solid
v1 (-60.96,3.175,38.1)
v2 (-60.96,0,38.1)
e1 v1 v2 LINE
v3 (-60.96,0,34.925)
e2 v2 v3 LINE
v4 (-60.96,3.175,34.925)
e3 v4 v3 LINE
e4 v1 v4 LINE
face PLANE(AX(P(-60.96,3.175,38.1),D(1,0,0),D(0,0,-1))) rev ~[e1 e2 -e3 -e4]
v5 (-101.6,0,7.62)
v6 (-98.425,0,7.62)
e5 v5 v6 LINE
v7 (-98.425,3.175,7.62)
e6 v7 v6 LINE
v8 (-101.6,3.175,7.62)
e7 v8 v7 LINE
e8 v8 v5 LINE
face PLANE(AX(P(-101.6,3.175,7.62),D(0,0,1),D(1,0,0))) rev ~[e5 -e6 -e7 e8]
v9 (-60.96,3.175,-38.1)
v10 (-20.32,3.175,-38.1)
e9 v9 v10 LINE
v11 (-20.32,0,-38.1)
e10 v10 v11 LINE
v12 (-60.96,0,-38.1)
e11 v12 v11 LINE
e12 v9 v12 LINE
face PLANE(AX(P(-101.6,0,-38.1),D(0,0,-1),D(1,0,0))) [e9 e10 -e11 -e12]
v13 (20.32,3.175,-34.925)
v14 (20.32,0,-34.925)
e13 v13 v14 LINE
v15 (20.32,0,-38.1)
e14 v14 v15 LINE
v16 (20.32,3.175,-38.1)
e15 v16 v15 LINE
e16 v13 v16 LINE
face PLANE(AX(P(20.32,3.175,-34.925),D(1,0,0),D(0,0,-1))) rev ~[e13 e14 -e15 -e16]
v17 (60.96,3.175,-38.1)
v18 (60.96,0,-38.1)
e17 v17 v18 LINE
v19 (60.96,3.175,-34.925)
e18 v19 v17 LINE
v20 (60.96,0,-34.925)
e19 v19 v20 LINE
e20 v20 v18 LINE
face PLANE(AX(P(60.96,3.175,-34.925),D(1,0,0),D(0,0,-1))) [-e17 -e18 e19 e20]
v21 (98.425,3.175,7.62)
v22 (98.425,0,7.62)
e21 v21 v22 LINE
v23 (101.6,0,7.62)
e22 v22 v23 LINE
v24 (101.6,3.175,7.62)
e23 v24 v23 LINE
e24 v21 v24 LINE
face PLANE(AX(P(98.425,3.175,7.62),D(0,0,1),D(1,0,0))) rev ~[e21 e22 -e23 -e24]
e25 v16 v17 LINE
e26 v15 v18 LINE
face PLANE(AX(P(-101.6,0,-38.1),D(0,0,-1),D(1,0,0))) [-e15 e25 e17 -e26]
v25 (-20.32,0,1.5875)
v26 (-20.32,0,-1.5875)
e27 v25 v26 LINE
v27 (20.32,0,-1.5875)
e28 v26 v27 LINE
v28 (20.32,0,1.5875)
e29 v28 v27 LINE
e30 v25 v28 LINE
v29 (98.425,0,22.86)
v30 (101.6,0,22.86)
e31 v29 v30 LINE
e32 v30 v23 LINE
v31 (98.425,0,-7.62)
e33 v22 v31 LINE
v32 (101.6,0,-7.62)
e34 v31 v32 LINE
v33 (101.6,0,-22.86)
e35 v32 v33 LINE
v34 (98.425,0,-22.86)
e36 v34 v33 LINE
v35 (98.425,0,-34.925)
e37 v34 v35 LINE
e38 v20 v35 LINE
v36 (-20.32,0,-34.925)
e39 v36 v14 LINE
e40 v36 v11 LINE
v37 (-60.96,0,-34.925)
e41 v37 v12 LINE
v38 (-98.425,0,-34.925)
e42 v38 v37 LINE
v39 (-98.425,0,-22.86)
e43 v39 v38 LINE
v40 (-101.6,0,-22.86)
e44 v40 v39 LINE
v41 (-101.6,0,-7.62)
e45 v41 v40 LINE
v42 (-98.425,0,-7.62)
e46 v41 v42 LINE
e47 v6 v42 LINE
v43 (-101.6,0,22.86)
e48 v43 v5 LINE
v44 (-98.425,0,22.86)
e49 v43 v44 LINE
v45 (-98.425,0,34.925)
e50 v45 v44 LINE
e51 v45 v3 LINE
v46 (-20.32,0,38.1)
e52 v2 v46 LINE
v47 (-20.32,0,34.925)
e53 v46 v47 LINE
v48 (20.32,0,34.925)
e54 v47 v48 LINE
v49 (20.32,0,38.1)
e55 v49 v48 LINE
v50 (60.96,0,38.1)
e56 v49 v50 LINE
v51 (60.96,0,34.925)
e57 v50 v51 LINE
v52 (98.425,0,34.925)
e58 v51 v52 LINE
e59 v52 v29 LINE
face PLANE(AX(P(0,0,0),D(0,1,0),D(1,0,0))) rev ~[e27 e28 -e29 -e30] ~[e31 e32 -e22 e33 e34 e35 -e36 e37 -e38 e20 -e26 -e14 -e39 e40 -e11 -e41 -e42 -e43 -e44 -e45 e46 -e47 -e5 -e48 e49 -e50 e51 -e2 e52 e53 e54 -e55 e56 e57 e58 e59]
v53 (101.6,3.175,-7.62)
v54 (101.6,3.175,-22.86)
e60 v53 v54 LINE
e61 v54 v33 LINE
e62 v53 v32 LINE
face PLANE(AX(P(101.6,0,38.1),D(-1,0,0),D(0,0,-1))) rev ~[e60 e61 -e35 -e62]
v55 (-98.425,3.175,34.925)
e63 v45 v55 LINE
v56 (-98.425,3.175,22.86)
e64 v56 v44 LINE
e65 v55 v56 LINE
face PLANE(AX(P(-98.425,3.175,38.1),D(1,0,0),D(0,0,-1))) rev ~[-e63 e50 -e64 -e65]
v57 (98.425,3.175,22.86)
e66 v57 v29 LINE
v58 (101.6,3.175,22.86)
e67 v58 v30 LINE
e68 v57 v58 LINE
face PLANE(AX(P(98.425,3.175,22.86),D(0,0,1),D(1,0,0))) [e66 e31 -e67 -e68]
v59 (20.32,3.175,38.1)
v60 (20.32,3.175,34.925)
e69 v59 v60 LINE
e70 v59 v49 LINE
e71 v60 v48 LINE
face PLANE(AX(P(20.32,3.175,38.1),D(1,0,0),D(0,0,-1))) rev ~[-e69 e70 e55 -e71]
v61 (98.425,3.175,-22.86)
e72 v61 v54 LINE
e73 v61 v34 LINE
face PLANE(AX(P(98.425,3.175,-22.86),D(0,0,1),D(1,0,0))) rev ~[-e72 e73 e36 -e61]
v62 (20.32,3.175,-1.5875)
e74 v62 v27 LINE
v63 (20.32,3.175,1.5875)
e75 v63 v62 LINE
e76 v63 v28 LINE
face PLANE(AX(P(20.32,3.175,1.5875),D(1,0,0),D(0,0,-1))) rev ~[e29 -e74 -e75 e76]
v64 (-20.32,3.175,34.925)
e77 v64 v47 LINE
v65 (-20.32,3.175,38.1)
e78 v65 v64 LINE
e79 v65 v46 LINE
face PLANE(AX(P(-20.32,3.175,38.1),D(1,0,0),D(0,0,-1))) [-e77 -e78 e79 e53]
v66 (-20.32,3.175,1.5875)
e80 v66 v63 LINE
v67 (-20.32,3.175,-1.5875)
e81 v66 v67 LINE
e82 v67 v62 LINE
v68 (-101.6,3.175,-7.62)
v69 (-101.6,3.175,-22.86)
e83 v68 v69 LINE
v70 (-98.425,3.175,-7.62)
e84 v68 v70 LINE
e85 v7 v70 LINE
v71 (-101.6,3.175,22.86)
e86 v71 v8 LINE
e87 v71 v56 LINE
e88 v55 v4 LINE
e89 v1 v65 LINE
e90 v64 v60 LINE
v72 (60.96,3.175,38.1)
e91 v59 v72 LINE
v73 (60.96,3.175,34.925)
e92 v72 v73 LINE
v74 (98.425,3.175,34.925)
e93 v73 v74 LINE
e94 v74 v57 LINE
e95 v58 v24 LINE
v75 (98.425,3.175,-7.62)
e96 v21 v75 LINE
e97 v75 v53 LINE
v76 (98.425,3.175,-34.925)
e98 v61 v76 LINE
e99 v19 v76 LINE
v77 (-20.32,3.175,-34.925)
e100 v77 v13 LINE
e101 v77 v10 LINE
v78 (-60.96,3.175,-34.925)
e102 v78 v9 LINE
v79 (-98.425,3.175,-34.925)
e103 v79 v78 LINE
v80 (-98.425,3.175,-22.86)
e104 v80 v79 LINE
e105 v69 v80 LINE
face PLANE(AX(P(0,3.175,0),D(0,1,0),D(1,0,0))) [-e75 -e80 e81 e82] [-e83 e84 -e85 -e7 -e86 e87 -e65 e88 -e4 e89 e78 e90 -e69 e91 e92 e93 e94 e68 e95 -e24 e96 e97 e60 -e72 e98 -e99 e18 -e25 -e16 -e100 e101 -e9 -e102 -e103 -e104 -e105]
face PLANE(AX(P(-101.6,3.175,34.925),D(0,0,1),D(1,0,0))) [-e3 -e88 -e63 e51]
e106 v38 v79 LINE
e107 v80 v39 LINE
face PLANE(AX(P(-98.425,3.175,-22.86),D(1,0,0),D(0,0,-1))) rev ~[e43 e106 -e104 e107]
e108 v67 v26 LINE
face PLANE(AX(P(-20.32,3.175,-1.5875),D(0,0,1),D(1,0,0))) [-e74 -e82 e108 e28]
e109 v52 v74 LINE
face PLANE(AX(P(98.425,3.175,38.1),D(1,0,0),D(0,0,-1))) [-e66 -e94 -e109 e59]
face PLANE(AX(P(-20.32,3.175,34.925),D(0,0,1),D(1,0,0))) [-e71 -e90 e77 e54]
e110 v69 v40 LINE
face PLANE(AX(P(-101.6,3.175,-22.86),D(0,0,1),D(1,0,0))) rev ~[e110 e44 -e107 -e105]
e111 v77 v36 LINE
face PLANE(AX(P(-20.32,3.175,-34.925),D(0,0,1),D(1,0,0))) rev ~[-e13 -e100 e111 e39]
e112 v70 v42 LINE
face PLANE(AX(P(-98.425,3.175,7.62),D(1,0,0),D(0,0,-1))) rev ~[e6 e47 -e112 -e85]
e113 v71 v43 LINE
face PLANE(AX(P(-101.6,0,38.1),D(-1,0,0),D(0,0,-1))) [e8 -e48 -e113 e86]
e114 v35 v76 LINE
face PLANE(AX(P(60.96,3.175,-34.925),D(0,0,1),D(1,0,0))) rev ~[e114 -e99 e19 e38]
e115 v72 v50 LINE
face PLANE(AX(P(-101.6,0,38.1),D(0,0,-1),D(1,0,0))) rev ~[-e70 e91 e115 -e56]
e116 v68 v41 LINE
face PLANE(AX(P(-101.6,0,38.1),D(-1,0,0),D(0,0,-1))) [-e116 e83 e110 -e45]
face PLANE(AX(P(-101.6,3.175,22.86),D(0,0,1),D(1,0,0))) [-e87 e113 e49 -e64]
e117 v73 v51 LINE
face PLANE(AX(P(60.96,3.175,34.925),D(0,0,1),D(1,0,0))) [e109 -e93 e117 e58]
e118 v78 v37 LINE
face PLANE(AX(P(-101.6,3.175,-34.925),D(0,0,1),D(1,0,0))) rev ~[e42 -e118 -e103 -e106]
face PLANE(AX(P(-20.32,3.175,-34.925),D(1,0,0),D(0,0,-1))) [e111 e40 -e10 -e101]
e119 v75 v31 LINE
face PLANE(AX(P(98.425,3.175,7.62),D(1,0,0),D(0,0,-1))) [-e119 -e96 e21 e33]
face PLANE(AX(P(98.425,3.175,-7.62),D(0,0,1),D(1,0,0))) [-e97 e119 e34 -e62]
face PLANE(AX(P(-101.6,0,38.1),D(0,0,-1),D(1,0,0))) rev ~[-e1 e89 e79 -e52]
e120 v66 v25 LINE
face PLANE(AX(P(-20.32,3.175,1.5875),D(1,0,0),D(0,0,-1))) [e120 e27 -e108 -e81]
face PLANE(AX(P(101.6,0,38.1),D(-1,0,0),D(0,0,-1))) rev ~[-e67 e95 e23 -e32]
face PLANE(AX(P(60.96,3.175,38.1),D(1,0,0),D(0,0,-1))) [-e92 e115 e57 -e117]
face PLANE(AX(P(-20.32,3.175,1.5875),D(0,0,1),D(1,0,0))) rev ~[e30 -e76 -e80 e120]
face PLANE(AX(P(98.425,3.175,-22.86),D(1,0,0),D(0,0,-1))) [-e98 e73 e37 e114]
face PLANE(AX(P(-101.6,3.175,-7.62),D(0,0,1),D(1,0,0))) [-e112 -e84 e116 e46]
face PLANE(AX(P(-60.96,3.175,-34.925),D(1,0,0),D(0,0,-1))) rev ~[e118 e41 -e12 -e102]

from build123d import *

# Parameters (mm, degrees)
SKETCH1_W           = 203.2
SKETCH1_H           = 76.2
BOSS_EXTRUDE1_DEPTH = 3.175
SKETCH2_W           = 40.64
SKETCH2_H           = 3.175
CUT_EXTRUDE1_DEPTH  = 3.175
LPATTERN1_COUNT     = 3
LPATTERN1_PITCH     = 81.28
SKETCH3_W           = 3.175
SKETCH3_H           = 15.24
CUT_EXTRUDE2_DEPTH  = 3.175
LPATTERN2_COUNT     = 3
LPATTERN2_PITCH     = 30.48
SKETCH4_W           = 40.64
SKETCH4_H           = 3.175
CUT_EXTRUDE3_DEPTH  = 3.175


with BuildPart() as part:
    # Sketch1 → Boss-Extrude1 (new body)
    with BuildSketch(Plane(origin=(0, 0, 0), x_dir=(1, 0, 0), z_dir=(0, 1, 0))):
        Rectangle(SKETCH1_W, SKETCH1_H)
    extrude(amount=BOSS_EXTRUDE1_DEPTH)

    # Sketch2 → Cut-Extrude1 (cut)
    with BuildSketch(Plane(origin=(0, 3.175, 0), x_dir=(1, 0, 0), z_dir=(0, 1, 0))):
        with Locations((-81.28, 36.5125)):
            Rectangle(SKETCH2_W, SKETCH2_H)
        with Locations((-81.28, -36.5125)):
            Rectangle(SKETCH2_W, SKETCH2_H)
    cut_extrude1 = extrude(amount=-CUT_EXTRUDE1_DEPTH, mode=Mode.SUBTRACT)

    # LPattern1: Cut-Extrude1 ×3
    with Locations(*[(i * LPATTERN1_PITCH, 0, 0) for i in range(1, LPATTERN1_COUNT)]):
        add(cut_extrude1, mode=Mode.SUBTRACT)

    # Sketch3 → Cut-Extrude2 (cut)
    with BuildSketch(Plane(origin=(0, 3.175, 0), x_dir=(1, 0, 0), z_dir=(0, 1, 0))):
        with Locations((100.0125, 30.48)):
            Rectangle(SKETCH3_W, SKETCH3_H)
        with Locations((-100.0125, 30.48)):
            Rectangle(SKETCH3_W, SKETCH3_H)
    cut_extrude2 = extrude(amount=-CUT_EXTRUDE2_DEPTH, mode=Mode.SUBTRACT)

    # LPattern2: Cut-Extrude2 ×3
    with Locations(*[(0, 0, i * LPATTERN2_PITCH) for i in range(1, LPATTERN2_COUNT)]):
        add(cut_extrude2, mode=Mode.SUBTRACT)

    # Sketch4 → Cut-Extrude3 (cut)
    with BuildSketch(Plane(origin=(0, 3.175, 0), x_dir=(1, 0, 0), z_dir=(0, 1, 0))):
        Rectangle(SKETCH4_W, SKETCH4_H)
    extrude(amount=-CUT_EXTRUDE3_DEPTH, mode=Mode.SUBTRACT)


solid = part.part
